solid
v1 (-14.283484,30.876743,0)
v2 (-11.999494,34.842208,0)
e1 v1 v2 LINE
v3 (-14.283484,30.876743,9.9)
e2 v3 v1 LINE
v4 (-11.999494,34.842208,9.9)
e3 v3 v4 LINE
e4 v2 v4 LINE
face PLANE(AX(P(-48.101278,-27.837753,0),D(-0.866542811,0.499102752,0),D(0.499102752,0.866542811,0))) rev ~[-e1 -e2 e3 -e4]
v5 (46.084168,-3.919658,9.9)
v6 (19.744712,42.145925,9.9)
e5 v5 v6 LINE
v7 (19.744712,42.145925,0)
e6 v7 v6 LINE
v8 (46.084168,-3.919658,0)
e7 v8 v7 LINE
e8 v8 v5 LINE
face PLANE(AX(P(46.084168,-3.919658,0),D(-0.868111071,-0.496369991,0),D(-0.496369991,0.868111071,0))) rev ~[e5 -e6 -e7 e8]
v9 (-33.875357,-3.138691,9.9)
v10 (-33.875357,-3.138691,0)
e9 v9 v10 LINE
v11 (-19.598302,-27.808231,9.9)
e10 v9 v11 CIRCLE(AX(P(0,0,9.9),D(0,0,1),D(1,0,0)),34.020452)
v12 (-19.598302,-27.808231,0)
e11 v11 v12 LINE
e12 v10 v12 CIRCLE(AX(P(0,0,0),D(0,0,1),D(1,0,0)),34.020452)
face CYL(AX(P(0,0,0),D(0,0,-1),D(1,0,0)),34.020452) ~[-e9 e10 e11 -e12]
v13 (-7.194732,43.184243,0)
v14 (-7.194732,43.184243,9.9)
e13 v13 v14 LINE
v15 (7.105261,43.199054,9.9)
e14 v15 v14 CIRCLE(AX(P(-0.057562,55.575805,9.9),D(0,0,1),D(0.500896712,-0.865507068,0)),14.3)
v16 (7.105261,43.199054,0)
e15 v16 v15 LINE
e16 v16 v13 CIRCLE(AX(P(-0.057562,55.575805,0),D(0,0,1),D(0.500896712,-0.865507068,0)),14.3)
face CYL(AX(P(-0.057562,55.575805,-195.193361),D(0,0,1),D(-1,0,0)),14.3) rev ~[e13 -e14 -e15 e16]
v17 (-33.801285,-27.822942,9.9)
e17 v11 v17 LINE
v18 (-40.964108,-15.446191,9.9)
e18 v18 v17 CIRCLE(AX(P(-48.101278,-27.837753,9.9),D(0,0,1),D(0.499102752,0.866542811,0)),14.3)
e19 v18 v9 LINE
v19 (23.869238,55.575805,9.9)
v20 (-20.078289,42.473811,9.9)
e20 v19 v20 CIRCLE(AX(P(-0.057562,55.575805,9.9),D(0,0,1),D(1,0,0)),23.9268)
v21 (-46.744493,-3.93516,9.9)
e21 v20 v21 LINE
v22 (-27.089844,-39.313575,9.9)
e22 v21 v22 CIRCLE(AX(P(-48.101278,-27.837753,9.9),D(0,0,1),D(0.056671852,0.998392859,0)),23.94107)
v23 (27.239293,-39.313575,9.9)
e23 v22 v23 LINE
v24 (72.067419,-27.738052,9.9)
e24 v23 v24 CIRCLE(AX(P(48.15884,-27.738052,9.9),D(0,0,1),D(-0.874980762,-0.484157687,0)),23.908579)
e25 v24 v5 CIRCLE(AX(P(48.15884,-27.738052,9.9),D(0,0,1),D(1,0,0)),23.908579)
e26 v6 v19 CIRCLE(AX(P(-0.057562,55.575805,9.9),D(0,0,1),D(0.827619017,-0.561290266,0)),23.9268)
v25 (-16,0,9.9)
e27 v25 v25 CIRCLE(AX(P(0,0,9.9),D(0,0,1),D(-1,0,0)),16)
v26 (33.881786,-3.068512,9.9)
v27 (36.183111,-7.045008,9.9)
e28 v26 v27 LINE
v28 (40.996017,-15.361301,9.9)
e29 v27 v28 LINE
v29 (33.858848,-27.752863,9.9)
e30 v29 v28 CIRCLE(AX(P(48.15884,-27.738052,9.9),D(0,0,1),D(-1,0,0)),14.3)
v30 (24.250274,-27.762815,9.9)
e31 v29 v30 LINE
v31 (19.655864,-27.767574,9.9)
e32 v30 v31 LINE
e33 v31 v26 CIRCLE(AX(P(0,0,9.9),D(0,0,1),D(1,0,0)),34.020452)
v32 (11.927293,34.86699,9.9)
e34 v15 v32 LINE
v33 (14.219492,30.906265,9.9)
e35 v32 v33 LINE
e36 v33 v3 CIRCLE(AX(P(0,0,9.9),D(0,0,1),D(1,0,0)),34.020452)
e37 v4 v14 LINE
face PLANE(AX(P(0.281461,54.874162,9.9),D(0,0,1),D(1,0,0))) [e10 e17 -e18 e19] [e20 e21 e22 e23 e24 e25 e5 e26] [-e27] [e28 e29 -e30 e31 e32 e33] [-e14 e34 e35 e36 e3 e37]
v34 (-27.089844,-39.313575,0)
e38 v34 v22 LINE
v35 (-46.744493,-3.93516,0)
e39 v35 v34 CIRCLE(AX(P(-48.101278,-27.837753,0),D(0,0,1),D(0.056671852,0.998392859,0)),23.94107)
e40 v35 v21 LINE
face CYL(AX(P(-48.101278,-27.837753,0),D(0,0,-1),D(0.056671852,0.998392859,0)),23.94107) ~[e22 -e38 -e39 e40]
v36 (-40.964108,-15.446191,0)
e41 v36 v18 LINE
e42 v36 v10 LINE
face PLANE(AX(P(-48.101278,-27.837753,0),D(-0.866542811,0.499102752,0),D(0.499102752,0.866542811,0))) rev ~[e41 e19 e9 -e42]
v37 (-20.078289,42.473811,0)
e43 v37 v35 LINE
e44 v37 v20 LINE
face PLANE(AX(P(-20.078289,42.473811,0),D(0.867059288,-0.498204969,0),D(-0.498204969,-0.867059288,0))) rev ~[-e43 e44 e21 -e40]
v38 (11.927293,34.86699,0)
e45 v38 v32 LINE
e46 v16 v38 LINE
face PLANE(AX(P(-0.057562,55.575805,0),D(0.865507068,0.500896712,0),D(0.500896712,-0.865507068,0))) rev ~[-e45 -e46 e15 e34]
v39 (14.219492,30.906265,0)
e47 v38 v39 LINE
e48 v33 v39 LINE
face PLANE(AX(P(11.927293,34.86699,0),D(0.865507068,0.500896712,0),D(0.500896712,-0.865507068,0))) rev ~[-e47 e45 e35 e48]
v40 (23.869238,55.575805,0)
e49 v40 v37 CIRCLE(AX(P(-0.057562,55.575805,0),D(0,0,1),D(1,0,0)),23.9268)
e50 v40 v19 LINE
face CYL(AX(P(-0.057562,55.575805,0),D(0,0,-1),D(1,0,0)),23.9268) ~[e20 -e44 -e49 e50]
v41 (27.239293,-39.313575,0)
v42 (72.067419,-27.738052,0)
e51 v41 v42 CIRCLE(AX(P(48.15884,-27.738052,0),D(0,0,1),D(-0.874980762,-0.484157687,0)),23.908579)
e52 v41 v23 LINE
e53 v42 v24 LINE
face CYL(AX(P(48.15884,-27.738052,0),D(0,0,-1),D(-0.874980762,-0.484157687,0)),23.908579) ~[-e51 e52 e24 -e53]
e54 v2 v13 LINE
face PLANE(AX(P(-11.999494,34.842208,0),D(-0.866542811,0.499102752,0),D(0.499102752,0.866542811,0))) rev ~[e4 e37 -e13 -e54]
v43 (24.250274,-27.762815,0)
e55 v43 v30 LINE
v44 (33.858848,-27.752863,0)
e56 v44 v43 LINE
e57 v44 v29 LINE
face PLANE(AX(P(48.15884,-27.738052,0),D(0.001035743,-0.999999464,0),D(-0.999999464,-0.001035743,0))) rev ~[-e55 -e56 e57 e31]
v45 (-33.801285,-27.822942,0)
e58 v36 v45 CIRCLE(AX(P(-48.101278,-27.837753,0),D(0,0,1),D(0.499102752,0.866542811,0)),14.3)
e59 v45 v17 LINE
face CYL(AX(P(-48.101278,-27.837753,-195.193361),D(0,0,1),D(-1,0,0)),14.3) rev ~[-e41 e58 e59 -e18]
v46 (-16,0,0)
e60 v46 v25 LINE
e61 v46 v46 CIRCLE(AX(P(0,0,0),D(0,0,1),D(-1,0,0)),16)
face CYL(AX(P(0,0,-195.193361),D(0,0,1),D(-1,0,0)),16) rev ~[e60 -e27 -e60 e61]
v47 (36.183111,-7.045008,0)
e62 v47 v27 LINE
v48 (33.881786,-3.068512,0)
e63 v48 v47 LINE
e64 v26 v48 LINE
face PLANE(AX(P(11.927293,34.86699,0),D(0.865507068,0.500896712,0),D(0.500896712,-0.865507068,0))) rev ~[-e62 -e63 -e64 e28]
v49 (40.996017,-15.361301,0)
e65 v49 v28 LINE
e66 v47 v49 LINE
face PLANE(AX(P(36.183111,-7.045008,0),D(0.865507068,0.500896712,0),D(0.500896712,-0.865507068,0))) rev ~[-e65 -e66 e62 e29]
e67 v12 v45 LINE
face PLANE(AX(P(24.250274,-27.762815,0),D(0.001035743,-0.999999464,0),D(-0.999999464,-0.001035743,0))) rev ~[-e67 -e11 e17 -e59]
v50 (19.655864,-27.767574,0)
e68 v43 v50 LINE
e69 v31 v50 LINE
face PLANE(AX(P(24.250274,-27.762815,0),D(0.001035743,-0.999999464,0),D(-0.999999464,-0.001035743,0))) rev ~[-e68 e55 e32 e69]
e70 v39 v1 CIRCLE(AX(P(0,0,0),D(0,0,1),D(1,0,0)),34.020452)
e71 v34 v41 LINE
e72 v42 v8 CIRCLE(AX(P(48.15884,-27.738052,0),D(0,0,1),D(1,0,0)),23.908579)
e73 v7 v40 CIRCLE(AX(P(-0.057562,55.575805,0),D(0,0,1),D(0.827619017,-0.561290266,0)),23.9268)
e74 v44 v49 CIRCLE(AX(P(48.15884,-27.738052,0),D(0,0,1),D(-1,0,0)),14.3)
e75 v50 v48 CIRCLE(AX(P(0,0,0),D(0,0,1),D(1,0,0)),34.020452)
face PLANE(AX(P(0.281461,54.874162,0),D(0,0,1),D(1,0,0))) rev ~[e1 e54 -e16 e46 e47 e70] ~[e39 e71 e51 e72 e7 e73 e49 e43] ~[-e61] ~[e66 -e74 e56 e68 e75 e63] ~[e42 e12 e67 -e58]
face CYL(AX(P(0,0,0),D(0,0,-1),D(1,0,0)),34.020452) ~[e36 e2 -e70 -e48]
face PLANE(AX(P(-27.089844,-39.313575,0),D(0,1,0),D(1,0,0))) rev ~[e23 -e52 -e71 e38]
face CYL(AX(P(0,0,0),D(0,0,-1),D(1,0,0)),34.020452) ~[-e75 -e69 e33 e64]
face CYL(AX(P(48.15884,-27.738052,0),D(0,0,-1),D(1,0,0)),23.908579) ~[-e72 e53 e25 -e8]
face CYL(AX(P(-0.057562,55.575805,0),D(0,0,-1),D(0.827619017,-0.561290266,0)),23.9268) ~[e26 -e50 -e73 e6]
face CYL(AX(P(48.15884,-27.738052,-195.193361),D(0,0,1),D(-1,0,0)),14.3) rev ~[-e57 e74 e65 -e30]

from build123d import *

# Parameters (mm, degrees)
F1_DEPTH = 9.9
F2_R     = 34.0204521672
F3_DEPTH = 9.9
F4_D     = 28.6
F5_D     = 32


with BuildPart() as f1:
    # F0 (on Top) → F1 (new body)
    with BuildSketch(Plane.XY):
        with BuildLine():
            Line((-11.9994940177, 34.8422084712), (-0.0575622945, 55.5758049985))
            Line((-0.0575622945, 55.5758049985), (11.9272931484, 34.8669904922))
            ThreePointArc((11.9272931484, 34.8669904922), (16.2473796766, 38.0646478249), (19.7447123991, 42.1459250585))
            ThreePointArc((19.7447123991, 42.1459250585), (22.8148755334, 48.5513230922), (23.8692377055, 55.5758049985))
            ThreePointArc((23.8692377055, 55.5758049985), (-6.8934905458, 78.5053022276), (-20.0782891833, 42.4738107578))
            ThreePointArc((-20.0782891833, 42.4738107578), (-16.4881199464, 38.1824576068), (-11.9994940177, 34.8422084712))
        make_face()
        with BuildLine():
            ThreePointArc((19.7447123991, 42.1459250585), (16.2473796766, 38.0646478249), (11.9272931484, 34.8669904922))
            Line((11.9272931484, 34.8669904922), (36.1831113199, -7.0450076633))
            ThreePointArc((36.1831113199, -7.0450076633), (40.9619383877, -4.9383860109), (46.084167971, -3.9196578694))
            Line((46.084167971, -3.9196578694), (19.7447123991, 42.1459250585))
        make_face()
        with BuildLine():
            Line((-36.1522240312, -7.0917910472), (-11.9994940177, 34.8422084712))
            ThreePointArc((-11.9994940177, 34.8422084712), (-16.4881199464, 38.1824576068), (-20.0782891833, 42.4738107578))
            Line((-20.0782891833, 42.4738107578), (-46.7444930565, -3.9351598474))
            ThreePointArc((-46.7444930565, -3.9351598474), (-41.2637040523, -4.8938560089), (-36.1522240312, -7.0917910472))
        make_face()
        with BuildLine():
            ThreePointArc((46.084167971, -3.9196578694), (40.9619383877, -4.9383860109), (36.1831113199, -7.0450076633))
            Line((36.1831113199, -7.0450076633), (48.1588401117, -27.7380520899))
            Line((48.1588401117, -27.7380520899), (24.2502735607, -27.7628152391))
            ThreePointArc((24.2502735607, -27.7628152391), (25.0126751704, -33.7276444175), (27.2392931133, -39.3135745888))
            ThreePointArc((27.2392931133, -39.3135745888), (54.1364448927, -50.8873157676), (72.0674194868, -27.7380520899))
            ThreePointArc((72.0674194868, -27.7380520899), (64.3146084961, -10.1138835806), (46.084167971, -3.9196578694))
        make_face()
        with BuildLine():
            Line((-48.1012778172, -27.8377529085), (-36.1522240312, -7.0917910472))
            ThreePointArc((-36.1522240312, -7.0917910472), (-41.2637040523, -4.8938560089), (-46.7444930565, -3.9351598474))
            ThreePointArc((-46.7444930565, -3.9351598474), (-69.0295446869, -39.464552372), (-27.0898443417, -39.3135745888))
            ThreePointArc((-27.0898443417, -39.3135745888), (-24.9041765549, -33.7596878084), (-24.1602080848, -27.8377529085))
            ThreePointArc((-24.1602080848, -27.8377529085), (-24.1602112952, -27.8253545065), (-24.1602209263, -27.8129561077))
            Line((-24.1602209263, -27.8129561077), (-48.1012778172, -27.8377529085))
        make_face()
        with BuildLine():
            ThreePointArc((27.2392931133, -39.3135745888), (25.0126751704, -33.7276444175), (24.2502735607, -27.7628152391))
            Line((24.2502735607, -27.7628152391), (-24.1602209263, -27.8129561077))
            ThreePointArc((-24.1602209263, -27.8129561077), (-24.1602112952, -27.8253545065), (-24.1602080848, -27.8377529085))
            ThreePointArc((-24.1602080848, -27.8377529085), (-24.9041765549, -33.7596878084), (-27.0898443417, -39.3135745888))
            Line((-27.0898443417, -39.3135745888), (27.2392931133, -39.3135745888))
        make_face()
    extrude(amount=F1_DEPTH)

    # F2 (on Top) → F3 (join)
    with BuildSketch(Plane.XY):
        Circle(F2_R)
    extrude(amount=F3_DEPTH)

    # F4 (through all)
    with Locations(Plane(origin=(0, 0, 0), x_dir=(1, 0, 0), z_dir=(0, 0, -1))):
        with Locations((-0.0575622945, -55.5758049985), (48.1588401117, 27.7380520899), (-48.1012778172, 27.8377529085)):
            Hole(F4_D / 2)

    # F5 (through all)
    with Locations(Plane(origin=(0, 0, 0), x_dir=(1, 0, 0), z_dir=(0, 0, -1))):
        with Locations((0, 0)):
            Hole(F5_D / 2)


solid = f1.part
